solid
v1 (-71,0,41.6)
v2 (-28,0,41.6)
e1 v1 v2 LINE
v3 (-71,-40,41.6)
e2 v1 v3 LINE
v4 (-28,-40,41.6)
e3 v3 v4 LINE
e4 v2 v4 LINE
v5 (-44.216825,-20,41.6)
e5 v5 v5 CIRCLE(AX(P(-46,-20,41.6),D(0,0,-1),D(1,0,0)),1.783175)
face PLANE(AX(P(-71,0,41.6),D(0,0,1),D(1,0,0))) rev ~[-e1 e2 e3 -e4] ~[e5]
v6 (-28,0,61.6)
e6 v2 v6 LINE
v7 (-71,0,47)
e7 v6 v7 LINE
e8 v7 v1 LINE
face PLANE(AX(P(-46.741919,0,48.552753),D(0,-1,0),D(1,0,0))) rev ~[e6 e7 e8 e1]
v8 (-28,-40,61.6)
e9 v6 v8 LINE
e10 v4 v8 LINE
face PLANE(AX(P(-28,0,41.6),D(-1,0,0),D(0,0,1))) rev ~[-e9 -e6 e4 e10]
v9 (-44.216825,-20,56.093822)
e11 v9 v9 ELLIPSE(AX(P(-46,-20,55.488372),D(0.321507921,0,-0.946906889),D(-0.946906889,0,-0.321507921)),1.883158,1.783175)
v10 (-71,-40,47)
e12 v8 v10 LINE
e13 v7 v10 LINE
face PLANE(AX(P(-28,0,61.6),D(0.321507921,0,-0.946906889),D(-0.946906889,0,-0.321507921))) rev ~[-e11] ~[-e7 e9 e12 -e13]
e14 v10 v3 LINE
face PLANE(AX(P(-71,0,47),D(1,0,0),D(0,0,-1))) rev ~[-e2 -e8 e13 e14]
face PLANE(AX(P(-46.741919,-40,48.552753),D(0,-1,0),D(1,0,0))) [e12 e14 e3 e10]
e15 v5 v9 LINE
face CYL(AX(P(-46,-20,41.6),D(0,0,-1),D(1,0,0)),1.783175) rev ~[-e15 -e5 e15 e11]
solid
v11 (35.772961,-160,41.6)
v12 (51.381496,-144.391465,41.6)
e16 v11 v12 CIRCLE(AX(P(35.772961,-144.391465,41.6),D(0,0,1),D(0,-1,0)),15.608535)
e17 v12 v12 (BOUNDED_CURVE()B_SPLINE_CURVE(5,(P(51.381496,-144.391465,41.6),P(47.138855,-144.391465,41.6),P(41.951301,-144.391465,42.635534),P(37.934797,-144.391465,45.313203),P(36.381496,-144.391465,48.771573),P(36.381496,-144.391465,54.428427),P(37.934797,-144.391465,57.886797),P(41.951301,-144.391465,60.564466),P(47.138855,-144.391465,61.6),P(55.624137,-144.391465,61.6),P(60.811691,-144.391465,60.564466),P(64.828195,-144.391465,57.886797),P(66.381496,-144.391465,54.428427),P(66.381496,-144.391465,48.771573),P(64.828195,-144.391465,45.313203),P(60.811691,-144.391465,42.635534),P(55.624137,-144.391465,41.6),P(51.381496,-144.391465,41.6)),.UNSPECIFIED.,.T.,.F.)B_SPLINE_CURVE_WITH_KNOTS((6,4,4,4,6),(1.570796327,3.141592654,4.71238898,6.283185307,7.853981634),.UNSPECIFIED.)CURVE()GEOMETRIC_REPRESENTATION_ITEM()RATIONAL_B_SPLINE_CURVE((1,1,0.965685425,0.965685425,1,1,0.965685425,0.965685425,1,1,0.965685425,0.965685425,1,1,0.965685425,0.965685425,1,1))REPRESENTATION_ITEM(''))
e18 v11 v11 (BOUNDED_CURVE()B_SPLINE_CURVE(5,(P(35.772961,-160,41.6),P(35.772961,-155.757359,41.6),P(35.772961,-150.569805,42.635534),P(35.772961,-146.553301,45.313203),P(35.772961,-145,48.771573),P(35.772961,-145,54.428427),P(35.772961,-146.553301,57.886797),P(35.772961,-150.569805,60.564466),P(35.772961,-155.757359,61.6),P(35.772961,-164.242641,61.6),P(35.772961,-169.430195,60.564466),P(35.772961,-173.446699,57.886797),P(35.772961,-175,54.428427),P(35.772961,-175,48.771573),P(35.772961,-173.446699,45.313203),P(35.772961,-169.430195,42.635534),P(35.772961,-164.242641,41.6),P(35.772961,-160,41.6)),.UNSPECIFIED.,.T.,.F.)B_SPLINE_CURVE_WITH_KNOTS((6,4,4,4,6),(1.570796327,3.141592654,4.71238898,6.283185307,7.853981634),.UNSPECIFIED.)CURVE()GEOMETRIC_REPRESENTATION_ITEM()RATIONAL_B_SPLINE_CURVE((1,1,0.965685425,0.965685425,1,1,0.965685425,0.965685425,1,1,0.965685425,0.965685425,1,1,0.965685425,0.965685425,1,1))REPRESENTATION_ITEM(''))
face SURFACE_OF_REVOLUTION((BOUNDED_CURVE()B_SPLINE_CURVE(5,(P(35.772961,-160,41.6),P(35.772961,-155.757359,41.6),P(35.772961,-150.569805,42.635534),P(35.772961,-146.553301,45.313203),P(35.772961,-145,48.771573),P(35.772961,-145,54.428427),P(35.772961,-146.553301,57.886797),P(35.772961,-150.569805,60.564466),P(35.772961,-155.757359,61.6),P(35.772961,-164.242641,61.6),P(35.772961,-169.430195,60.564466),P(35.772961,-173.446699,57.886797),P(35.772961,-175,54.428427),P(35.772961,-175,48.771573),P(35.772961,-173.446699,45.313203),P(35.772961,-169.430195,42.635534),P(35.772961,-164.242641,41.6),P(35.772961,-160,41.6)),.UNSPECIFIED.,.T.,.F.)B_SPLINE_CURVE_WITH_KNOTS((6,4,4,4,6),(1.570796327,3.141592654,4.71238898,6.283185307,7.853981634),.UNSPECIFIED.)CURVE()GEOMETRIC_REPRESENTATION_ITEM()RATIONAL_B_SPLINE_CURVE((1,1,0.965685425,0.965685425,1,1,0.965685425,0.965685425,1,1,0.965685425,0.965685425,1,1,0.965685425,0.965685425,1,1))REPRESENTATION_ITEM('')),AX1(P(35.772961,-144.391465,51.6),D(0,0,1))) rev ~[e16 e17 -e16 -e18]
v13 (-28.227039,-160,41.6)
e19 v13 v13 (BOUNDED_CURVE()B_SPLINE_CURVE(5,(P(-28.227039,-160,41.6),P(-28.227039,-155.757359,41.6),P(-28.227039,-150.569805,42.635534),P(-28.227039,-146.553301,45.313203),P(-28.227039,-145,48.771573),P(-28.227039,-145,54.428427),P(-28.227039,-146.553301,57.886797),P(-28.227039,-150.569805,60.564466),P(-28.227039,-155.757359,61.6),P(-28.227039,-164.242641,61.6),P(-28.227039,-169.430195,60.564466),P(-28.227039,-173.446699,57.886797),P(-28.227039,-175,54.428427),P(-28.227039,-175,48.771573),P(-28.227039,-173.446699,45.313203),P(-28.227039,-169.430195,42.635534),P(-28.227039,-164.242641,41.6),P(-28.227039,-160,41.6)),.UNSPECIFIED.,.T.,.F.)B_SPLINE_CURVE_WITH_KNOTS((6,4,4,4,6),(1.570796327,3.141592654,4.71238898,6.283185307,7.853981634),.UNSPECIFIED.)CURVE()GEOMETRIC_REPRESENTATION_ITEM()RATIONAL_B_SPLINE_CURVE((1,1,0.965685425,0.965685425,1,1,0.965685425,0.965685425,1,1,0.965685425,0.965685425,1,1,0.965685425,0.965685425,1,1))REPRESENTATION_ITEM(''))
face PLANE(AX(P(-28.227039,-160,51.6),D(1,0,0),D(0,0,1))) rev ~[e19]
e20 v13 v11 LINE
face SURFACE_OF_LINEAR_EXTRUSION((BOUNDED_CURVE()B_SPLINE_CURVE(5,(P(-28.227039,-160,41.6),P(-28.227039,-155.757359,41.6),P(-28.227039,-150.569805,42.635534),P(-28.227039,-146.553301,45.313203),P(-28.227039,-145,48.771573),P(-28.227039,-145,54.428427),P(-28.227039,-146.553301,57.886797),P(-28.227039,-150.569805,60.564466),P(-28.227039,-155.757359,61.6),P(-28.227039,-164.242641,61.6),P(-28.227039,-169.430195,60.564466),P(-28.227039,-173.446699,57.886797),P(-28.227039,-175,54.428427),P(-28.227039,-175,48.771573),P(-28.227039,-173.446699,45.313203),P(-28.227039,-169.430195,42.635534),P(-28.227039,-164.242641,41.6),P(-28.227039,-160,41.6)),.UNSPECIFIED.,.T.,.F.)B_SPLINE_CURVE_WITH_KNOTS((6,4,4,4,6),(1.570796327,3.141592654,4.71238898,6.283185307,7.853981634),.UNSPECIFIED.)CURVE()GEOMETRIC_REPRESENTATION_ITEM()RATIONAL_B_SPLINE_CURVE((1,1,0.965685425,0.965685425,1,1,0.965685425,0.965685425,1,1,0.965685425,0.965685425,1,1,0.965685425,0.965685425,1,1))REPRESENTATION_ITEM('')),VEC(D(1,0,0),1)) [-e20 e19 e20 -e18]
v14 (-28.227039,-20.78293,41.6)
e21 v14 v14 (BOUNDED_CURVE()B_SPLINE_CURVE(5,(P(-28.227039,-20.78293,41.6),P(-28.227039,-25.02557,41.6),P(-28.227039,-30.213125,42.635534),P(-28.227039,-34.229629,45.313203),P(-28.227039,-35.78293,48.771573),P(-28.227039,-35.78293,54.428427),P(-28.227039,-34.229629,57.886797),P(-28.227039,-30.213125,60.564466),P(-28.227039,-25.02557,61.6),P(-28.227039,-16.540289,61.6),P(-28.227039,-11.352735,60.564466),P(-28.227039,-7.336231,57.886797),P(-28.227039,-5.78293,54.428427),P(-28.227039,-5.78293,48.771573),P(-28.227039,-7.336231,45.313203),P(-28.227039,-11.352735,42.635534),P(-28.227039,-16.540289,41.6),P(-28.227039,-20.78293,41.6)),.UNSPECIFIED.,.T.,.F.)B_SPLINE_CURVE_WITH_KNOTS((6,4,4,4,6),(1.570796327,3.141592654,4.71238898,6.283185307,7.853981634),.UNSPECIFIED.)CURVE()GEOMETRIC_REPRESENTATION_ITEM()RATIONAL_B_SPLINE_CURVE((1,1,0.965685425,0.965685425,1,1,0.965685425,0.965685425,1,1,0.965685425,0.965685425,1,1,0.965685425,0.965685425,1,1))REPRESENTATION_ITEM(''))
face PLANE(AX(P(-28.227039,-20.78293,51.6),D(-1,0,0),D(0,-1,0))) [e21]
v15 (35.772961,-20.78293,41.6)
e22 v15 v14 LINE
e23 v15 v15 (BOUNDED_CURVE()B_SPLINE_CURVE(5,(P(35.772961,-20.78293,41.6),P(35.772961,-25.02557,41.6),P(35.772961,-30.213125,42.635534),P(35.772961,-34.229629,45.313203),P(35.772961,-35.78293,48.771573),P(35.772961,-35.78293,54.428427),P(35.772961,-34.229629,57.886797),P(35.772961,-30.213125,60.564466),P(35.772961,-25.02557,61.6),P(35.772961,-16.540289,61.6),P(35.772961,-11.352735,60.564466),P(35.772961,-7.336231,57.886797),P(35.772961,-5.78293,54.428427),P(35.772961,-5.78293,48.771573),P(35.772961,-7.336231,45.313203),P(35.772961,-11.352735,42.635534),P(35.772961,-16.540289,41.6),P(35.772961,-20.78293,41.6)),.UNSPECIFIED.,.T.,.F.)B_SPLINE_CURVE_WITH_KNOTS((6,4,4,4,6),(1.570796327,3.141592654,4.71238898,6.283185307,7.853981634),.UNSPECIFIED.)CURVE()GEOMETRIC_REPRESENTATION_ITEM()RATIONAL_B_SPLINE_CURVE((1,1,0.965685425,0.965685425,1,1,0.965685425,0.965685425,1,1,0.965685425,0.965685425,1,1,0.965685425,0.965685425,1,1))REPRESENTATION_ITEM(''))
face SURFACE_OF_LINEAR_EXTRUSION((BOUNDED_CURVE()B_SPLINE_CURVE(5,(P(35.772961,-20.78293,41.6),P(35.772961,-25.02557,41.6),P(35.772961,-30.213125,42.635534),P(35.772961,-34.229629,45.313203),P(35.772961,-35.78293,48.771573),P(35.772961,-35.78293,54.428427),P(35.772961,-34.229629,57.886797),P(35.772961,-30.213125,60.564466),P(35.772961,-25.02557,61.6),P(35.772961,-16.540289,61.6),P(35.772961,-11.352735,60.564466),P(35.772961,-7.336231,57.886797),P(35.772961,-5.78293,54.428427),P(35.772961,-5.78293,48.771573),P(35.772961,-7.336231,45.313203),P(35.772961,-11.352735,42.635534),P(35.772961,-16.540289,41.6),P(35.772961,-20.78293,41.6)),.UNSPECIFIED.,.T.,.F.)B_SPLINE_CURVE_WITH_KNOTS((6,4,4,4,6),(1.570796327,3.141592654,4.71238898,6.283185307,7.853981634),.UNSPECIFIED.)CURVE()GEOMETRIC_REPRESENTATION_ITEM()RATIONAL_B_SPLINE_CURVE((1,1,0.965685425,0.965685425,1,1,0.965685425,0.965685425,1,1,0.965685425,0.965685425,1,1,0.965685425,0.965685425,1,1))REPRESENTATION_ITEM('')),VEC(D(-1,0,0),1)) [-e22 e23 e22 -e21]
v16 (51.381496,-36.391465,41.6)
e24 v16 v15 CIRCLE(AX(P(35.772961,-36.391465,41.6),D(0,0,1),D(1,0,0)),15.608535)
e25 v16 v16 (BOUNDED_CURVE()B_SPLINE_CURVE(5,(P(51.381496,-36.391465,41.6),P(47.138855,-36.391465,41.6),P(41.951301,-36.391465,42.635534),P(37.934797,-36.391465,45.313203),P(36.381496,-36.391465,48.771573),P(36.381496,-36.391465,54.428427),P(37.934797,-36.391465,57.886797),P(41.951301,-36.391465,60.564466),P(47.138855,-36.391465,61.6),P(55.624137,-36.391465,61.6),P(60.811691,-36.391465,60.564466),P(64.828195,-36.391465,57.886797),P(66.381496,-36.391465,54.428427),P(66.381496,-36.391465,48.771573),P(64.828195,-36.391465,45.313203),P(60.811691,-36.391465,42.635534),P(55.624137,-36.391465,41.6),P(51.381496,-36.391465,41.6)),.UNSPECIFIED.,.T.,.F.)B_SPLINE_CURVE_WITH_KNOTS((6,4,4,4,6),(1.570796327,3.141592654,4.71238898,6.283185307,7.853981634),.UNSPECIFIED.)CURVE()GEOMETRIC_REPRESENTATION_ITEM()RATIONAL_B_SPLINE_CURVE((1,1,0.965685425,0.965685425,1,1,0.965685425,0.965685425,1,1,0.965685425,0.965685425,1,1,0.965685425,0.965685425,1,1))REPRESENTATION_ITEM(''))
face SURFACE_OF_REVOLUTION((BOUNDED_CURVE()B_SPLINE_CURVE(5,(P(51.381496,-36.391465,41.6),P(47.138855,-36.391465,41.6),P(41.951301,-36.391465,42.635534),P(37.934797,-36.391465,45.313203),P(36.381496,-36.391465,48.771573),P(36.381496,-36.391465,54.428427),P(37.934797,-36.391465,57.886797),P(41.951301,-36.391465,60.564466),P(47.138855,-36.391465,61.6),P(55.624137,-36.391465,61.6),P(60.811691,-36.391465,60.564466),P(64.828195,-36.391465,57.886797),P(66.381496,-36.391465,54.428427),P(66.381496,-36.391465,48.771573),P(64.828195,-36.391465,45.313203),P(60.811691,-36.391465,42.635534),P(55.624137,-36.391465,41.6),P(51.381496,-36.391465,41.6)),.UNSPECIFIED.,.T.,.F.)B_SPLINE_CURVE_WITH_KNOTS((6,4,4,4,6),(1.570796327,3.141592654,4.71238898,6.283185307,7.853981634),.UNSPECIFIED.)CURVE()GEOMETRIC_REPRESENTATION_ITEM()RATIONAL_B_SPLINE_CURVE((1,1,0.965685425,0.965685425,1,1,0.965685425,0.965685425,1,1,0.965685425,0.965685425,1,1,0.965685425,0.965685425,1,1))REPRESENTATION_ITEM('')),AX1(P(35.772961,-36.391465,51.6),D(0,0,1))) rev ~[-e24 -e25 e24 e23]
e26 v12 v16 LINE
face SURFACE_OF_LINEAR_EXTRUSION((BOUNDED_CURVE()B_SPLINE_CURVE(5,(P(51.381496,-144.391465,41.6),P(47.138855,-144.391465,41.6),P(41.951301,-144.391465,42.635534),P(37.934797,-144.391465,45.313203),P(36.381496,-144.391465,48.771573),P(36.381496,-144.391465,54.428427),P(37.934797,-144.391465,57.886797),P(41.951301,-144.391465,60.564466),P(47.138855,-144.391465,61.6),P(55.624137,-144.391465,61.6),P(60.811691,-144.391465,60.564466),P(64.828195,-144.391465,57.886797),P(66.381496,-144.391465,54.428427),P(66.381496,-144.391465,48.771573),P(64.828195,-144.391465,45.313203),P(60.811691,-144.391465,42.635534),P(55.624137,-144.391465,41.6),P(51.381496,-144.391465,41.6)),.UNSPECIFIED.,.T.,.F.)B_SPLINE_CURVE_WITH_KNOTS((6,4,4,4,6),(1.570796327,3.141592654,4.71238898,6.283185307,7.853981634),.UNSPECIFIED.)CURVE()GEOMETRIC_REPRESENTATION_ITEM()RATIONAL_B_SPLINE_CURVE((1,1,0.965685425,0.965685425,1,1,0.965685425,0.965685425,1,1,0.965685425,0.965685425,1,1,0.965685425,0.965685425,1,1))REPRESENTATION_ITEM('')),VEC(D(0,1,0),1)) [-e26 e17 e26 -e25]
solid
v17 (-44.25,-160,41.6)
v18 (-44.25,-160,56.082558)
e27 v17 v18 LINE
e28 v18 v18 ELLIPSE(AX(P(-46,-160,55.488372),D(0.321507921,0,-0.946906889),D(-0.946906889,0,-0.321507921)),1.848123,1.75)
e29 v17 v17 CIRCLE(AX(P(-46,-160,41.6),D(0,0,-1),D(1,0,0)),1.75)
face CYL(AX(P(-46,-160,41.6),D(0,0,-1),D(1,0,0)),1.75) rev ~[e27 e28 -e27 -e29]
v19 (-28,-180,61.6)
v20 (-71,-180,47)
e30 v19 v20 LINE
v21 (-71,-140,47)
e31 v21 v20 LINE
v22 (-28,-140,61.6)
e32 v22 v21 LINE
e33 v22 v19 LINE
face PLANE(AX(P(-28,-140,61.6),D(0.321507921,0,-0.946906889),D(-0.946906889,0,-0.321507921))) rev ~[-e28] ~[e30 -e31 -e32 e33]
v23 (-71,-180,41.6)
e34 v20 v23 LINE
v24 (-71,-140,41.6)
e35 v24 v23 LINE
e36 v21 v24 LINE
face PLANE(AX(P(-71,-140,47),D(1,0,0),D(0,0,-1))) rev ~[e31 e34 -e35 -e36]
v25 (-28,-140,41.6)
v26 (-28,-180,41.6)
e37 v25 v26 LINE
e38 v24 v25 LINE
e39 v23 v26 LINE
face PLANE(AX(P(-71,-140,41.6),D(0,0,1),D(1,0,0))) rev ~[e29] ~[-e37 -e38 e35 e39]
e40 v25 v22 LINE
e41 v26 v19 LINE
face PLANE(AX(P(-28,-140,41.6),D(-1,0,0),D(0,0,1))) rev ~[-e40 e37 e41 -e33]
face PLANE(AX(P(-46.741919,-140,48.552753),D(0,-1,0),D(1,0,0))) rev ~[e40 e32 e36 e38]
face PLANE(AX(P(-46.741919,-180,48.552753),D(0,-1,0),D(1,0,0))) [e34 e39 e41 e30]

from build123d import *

# Parameters (mm, degrees)
F1_DEPTH  = 40
F4_DEPTH  = 40
F10_R     = 1.75
F10_R_2   = 1.7831750166
F11_DEPTH = 25


with BuildPart() as f1:
    # F0 (on Front) → F1 (new body)
    with BuildSketch(Plane.XZ):
        Polygon((-28, 47), (-28, 61.6), (-71, 47), (-71, 41.6), (-28, 41.6), align=None)
    extrude(amount=F1_DEPTH)


with BuildPart() as f4:
    # F3 (on offset) → F4 (new body)
    with BuildSketch(Plane.XZ.offset(140)):
        Polygon((-28, 47), (-28, 61.6), (-71, 47), (-71, 41.6), (-28, 41.6), align=None)
    extrude(amount=F4_DEPTH)


with BuildPart() as f8:
    # F8: sweep along a path in F7
    with BuildLine(Plane(origin=(0, 0, 51.6), x_dir=(1, 0, 0), z_dir=(0, 0, -1))) as f8_path:
        Line((-28.2270391732, 160.3914648294), (35.7729608268, 160.3914648294))
        ThreePointArc((35.7729608268, 160.3914648294), (47.0866693257, 155.7051733284), (51.7729608268, 144.3914648294))
        Line((51.7729608268, 144.3914648294), (51.7729608268, 36.3914648294))
        ThreePointArc((51.7729608268, 36.3914648294), (47.0866693257, 25.0777563305), (35.7729608268, 20.3914648294))
        Line((35.7729608268, 20.3914648294), (-28.2270391732, 20.3914648294))
    # F5 (on face) → F8 (sweep)
    with BuildSketch(Plane.YZ.offset(-28)):
        with BuildLine():
            add(Edge.make_bspline(
                [(-160, 61.6), (-175, 61.6), (-175, 51.6)],
                knots=[4.7123889804, 4.7123889804, 4.7123889804, 6.2831853072, 6.2831853072, 6.2831853072], degree=2, weights=[1, 0.7071067812, 1]))
            add(Edge.make_bspline(
                [(-175, 51.6), (-175, 41.6), (-160, 41.6)],
                knots=[0, 0, 0, 1.5707963268, 1.5707963268, 1.5707963268], degree=2, weights=[1, 0.7071067812, 1]))
            add(Edge.make_bspline(
                [(-160, 41.6), (-145, 41.6), (-145, 51.6), (-145, 61.6), (-160, 61.6)],
                knots=[1.5707963268, 1.5707963268, 1.5707963268, 3.1415926536, 3.1415926536, 4.7123889804, 4.7123889804, 4.7123889804], degree=2, weights=[1, 0.7071067812, 1, 0.7071067812, 1]))
        make_face()
    sweep(path=f8_path.line)


with BuildPart() as f11_tool:
    # F10 (on offset) → F11 (new body)
    with BuildSketch(Plane(origin=(0, 0, 41.6), x_dir=(1, 0, 0), z_dir=(0, 0, -1))):
        with Locations((-46, 160)):
            Circle(F10_R)
        with Locations((-46, 20)):
            Circle(F10_R_2)
    extrude(amount=-F11_DEPTH)


with BuildPart() as f1_1:
    add(f1.part)

    # F11: cut by f11_tool
    add(f11_tool.part, mode=Mode.SUBTRACT)


with BuildPart() as f4_1:
    add(f4.part)

    # F11: cut by f11_tool
    add(f11_tool.part, mode=Mode.SUBTRACT)


solid = Compound([f8.part, f1_1.part, f4_1.part])
